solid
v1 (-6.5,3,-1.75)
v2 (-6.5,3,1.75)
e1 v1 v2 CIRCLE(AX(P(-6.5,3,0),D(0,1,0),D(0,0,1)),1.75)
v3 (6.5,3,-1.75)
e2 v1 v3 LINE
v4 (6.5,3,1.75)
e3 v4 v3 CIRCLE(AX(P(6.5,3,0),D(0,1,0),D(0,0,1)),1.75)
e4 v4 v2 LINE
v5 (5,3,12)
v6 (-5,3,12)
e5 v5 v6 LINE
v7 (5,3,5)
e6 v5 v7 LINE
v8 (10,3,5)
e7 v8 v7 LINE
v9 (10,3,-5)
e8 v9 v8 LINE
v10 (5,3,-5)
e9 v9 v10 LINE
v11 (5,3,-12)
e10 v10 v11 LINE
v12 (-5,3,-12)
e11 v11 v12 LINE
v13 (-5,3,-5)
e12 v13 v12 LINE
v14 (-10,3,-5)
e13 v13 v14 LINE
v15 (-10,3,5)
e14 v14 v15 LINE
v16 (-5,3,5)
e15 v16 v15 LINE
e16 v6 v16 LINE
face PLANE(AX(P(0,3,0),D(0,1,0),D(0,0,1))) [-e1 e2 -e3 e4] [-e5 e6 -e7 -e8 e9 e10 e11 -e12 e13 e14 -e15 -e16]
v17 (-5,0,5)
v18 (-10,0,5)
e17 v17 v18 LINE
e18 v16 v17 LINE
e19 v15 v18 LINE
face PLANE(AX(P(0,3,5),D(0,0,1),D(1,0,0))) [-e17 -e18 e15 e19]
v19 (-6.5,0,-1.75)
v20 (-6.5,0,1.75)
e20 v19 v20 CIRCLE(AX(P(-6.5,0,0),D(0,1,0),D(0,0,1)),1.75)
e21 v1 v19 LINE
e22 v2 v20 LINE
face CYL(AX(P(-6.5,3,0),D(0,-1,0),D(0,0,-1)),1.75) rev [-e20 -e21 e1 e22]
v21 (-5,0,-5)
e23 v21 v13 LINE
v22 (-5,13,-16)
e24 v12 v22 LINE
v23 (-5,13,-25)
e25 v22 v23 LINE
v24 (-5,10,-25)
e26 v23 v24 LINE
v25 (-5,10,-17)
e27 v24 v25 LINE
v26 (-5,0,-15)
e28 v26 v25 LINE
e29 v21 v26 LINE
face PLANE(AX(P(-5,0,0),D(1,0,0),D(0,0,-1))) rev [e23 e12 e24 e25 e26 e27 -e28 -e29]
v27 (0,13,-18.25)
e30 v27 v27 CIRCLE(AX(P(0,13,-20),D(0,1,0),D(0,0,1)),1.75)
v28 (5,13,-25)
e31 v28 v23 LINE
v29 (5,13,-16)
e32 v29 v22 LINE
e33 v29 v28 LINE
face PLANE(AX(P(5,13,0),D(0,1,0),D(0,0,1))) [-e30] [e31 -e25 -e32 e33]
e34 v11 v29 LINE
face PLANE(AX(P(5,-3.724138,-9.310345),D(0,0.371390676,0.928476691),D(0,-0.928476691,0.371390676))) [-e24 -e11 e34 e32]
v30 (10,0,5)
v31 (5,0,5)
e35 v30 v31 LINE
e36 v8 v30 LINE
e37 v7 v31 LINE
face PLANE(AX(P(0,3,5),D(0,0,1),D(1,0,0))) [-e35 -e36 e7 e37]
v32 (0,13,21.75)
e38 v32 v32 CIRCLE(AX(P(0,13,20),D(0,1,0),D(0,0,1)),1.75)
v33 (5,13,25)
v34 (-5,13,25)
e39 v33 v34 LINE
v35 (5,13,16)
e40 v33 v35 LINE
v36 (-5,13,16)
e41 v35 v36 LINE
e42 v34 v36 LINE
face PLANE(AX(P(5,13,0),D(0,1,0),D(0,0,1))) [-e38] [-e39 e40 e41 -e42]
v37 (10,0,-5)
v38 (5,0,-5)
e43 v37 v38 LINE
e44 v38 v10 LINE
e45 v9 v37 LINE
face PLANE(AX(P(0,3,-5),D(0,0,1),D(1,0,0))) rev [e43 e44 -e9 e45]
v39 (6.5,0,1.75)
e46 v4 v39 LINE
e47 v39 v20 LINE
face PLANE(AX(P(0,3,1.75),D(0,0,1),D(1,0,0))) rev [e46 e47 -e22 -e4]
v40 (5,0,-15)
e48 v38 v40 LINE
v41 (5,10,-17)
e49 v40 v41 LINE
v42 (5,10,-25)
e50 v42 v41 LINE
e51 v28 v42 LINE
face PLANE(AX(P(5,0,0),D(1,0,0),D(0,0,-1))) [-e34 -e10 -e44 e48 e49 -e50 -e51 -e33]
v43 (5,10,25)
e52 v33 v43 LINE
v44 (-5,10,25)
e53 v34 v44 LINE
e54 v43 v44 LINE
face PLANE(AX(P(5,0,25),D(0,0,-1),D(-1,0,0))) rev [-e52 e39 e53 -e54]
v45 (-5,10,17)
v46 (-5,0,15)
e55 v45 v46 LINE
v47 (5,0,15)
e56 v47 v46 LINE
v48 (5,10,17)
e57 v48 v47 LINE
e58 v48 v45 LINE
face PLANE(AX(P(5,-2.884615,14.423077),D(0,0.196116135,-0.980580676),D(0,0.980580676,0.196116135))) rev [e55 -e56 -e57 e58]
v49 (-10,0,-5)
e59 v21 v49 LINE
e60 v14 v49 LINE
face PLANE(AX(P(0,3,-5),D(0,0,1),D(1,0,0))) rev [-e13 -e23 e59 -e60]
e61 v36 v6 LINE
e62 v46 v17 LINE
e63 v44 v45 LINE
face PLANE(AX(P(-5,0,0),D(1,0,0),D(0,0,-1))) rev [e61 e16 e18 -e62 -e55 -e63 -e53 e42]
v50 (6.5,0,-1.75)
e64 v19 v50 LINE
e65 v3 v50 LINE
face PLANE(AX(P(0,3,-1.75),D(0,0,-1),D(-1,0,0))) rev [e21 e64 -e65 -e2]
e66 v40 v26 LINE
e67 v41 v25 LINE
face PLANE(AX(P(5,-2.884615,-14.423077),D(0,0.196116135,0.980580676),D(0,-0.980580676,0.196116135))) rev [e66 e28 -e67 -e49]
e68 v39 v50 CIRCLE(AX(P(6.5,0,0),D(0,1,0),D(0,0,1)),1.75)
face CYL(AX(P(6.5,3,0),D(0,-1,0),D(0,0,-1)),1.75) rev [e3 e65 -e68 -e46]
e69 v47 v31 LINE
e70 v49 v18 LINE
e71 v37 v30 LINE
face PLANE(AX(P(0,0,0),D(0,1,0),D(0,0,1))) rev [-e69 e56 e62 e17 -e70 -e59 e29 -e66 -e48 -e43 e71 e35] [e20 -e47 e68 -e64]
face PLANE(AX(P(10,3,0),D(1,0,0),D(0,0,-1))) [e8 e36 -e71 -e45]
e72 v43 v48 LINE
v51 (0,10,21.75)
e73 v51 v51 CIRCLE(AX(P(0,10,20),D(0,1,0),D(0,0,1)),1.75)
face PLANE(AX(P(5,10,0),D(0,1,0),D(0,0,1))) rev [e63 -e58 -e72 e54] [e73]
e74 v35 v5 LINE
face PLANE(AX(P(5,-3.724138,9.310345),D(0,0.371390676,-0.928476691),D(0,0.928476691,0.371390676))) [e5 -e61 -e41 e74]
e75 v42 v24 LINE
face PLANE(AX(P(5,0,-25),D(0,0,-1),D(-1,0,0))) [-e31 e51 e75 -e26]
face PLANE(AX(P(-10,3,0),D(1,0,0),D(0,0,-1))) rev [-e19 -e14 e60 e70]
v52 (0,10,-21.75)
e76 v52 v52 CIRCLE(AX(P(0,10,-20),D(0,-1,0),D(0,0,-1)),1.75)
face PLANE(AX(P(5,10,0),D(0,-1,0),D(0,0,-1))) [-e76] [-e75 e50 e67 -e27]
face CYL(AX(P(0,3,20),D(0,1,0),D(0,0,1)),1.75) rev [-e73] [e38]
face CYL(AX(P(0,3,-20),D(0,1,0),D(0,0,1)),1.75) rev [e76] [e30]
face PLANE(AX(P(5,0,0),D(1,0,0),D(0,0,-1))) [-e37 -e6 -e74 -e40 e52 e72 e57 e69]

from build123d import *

# Parameters (mm, degrees)
SKETCH_1_W          = 20
SKETCH_1_H          = 10
EXTRUDE_1_DEPTH     = 3
SKETCH_2_W          = 8
SKETCH_2_H          = 3
EXTRUDE_2_DEPTH     = 5
SKETCH_3_R          = 1.75
CUT_EXTRUDE_1_DEPTH = 10


with BuildPart() as part:
    # 草图1 → 凸台-拉伸1 (new body)
    with BuildSketch(Plane(origin=(0, 0, 0), x_dir=(1, 0, 0), z_dir=(0, 1, 0))):
        Rectangle(SKETCH_1_W, SKETCH_1_H)
        with BuildLine():
            ThreePointArc((-6.5, -1.75), (-8.25, 0), (-6.5, 1.75))
            Line((-6.5, 1.75), (6.5, 1.75))
            ThreePointArc((6.5, 1.75), (7.737436867, 1.237436867), (8.25, 0))
            ThreePointArc((8.25, 0), (7.737436867, -1.237436867), (6.5, -1.75))
            Line((6.5, -1.75), (-6.5, -1.75))
        make_face(mode=Mode.SUBTRACT)
    extrude(amount=EXTRUDE_1_DEPTH)

    # 草图2 → 凸台-拉伸2 (add, symmetric)
    with BuildSketch(Plane(origin=(0, 0, 0), x_dir=(0, 0, -1), z_dir=(1, 0, 0))):
        with Locations((-21, 11.5)):
            Rectangle(SKETCH_2_W, SKETCH_2_H)
        Polygon((-12, 3), (-5, 3), (-5, 0), (-15, 0), (-17, 10), (-17, 13), (-16, 13), align=None)
        Polygon((16, 13), (17, 13), (17, 10), (15, 0), (5, 0), (5, 3), (12, 3), align=None)
        with Locations((21, 11.5)):
            Rectangle(SKETCH_2_W, SKETCH_2_H)
    extrude(amount=EXTRUDE_2_DEPTH, both=True)

    # 草图3 → 切除-拉伸1 (cut)
    with BuildSketch(Plane(origin=(0, 13, 0), x_dir=(1, 0, 0), z_dir=(0, 1, 0))):
        with Locations(Location((0, 20, 0), (0, 0, 270))):
            Circle(SKETCH_3_R)
        with Locations(Location((0, -20, 0), (0, 0, 270))):
            Circle(SKETCH_3_R)
    extrude(amount=-CUT_EXTRUDE_1_DEPTH, mode=Mode.SUBTRACT)


solid = part.part
